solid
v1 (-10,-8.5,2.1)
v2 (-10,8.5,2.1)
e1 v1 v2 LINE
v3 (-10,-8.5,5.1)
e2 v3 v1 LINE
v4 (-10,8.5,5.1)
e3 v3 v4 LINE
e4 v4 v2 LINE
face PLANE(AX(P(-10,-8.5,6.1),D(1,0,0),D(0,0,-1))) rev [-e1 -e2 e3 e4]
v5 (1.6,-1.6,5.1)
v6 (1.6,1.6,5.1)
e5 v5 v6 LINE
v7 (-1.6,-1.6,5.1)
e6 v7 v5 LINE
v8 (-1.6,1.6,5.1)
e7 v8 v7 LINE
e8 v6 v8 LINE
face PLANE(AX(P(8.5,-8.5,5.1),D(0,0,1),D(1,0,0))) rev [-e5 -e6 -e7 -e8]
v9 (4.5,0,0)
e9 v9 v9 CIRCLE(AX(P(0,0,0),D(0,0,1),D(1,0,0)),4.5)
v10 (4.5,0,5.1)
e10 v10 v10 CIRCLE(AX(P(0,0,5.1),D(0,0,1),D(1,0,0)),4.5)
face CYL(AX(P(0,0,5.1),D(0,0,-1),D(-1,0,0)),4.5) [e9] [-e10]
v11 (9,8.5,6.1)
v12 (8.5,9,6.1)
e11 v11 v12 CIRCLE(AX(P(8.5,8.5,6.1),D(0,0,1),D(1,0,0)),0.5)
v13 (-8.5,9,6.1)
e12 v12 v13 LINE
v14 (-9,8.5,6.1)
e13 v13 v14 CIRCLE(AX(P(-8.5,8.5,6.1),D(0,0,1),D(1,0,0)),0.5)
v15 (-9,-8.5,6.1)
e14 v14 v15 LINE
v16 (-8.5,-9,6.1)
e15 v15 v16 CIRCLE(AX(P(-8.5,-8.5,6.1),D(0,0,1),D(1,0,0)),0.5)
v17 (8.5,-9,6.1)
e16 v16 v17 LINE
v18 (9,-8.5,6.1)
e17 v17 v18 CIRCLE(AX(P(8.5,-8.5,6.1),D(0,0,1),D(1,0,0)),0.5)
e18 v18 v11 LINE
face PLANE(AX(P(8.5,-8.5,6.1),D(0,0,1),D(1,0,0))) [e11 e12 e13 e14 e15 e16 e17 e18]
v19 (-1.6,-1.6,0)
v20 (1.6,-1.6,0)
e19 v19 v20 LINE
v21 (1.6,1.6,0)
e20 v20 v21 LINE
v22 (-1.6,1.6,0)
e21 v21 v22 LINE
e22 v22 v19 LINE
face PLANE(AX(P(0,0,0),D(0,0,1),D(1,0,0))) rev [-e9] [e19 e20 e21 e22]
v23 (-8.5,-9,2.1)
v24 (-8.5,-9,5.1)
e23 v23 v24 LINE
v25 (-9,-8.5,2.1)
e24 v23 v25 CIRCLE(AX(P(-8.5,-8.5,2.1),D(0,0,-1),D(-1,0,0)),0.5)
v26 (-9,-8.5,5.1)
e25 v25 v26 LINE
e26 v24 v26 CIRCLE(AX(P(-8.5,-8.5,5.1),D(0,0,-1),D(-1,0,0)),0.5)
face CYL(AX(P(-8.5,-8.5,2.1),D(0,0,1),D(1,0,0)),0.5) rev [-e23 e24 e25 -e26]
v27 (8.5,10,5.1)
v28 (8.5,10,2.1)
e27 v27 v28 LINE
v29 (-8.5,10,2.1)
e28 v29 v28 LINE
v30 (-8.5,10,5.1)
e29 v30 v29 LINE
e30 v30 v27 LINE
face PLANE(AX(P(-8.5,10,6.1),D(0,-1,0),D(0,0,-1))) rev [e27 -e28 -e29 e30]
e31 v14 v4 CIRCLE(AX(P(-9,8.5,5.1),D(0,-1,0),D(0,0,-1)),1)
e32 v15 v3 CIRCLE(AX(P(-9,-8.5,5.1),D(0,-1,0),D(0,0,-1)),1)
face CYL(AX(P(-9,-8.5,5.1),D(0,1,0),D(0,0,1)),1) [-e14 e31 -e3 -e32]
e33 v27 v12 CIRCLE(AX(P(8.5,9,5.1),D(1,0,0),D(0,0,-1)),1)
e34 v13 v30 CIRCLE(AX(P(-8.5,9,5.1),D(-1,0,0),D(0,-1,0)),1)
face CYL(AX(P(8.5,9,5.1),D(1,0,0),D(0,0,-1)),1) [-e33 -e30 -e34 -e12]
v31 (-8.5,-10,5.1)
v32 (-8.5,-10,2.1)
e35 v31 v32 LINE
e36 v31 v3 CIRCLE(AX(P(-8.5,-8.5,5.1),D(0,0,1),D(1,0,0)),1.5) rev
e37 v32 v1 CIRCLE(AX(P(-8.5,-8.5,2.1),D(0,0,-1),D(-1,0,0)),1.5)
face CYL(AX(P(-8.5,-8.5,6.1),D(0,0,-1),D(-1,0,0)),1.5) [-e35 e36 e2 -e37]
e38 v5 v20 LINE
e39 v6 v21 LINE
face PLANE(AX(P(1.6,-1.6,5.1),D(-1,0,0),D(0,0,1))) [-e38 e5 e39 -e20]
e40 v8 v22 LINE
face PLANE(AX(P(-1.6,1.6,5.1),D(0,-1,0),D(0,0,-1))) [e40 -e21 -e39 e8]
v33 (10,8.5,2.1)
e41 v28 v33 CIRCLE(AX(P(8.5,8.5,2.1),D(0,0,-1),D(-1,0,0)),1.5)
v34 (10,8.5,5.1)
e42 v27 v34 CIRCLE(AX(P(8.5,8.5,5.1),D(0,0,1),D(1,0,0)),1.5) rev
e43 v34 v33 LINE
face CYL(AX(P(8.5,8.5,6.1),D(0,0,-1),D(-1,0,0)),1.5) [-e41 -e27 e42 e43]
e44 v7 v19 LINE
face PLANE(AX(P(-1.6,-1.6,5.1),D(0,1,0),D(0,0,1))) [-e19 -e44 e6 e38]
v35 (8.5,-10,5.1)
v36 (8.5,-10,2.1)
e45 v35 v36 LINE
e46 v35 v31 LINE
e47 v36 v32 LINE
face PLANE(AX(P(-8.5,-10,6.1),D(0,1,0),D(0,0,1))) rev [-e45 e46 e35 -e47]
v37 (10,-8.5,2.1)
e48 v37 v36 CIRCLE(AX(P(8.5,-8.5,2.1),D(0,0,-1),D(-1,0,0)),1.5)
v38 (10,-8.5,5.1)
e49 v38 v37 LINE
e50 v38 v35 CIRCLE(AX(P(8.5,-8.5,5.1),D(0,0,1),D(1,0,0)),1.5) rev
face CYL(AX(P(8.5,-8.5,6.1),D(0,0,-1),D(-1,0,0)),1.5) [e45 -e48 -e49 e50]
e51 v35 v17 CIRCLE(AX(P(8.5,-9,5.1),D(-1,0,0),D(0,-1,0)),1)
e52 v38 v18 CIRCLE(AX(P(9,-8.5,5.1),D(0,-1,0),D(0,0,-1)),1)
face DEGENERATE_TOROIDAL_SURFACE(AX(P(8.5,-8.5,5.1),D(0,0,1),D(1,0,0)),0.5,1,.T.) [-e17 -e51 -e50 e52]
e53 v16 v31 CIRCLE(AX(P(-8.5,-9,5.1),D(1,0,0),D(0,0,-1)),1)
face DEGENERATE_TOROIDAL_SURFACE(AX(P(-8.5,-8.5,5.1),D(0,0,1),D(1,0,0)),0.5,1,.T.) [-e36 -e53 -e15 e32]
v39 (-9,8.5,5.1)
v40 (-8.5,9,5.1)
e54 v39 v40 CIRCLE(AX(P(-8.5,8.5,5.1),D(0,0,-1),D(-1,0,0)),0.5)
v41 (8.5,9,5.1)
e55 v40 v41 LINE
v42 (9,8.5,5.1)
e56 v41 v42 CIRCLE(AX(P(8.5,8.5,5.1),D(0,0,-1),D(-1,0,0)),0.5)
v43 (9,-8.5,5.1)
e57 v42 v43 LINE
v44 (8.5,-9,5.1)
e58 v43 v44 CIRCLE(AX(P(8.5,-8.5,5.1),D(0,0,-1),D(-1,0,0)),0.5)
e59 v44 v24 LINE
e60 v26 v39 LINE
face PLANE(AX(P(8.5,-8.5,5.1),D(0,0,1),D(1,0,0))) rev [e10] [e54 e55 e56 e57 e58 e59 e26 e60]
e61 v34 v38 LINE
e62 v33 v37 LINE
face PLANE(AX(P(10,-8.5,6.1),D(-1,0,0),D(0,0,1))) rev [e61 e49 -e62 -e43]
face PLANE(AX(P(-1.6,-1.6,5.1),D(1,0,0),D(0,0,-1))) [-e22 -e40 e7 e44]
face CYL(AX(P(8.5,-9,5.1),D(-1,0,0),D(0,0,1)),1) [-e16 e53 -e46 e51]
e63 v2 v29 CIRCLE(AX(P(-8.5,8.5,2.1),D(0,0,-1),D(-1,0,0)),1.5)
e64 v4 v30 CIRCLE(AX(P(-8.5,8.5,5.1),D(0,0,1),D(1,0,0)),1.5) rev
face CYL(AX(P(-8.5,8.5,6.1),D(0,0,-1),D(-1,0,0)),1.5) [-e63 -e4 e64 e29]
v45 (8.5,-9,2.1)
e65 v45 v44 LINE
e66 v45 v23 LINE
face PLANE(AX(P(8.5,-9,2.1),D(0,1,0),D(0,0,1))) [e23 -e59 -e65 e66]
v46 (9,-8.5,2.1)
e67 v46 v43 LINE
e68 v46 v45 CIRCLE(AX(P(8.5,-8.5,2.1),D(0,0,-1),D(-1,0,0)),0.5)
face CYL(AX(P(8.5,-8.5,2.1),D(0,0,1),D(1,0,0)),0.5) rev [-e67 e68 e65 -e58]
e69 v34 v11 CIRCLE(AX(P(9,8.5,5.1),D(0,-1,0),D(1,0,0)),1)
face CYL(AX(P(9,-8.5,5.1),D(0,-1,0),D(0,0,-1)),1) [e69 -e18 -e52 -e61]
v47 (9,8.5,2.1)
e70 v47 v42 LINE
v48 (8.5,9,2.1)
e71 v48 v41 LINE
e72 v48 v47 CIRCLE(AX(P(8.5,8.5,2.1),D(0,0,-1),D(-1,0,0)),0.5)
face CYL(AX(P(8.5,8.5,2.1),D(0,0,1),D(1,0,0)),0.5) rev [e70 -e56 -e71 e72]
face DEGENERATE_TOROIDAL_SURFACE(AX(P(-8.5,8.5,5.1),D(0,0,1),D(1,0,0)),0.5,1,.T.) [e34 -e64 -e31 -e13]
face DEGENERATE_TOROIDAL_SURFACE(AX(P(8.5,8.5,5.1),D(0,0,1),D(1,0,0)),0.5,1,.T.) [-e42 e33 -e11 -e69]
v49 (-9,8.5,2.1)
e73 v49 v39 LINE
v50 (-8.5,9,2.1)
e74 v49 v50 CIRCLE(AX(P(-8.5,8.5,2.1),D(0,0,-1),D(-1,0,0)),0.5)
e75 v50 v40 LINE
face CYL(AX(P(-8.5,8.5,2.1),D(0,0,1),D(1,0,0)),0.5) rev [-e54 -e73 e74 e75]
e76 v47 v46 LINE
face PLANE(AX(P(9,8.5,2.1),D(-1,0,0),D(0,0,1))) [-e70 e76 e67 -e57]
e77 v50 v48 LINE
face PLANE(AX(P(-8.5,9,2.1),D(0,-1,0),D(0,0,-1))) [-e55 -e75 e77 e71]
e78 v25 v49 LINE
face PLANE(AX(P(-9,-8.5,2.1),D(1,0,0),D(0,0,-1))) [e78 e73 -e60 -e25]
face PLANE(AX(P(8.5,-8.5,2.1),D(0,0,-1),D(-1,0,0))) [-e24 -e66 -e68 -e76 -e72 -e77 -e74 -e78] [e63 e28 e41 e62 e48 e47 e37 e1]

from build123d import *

# Parameters (mm, degrees)
SKETCH1_R           = 4.5
SKETCH1_W           = 3.2
SKETCH1_H           = 3.2
BOSS_EXTRUDE1_DEPTH = 5.1
BOSS_EXTRUDE2_DEPTH = 1
BOSS_EXTRUDE3_START = 3
BOSS_EXTRUDE3_DEPTH = 3
FILLET1_R           = 1


with BuildPart() as part:
    # Sketch1 → Boss-Extrude1 (new body)
    with BuildSketch(Plane.XY):
        Circle(SKETCH1_R)
        Rectangle(SKETCH1_W, SKETCH1_H, mode=Mode.SUBTRACT)
    extrude(amount=BOSS_EXTRUDE1_DEPTH)

    # Sketch2 → Boss-Extrude2 (add)
    with BuildSketch(Plane.XY.offset(5.1)):
        with BuildLine():
            Line((-8.5, -10), (8.5, -10))
            ThreePointArc((8.5, -10), (9.560660172, -9.560660172), (10, -8.5))
            Line((10, -8.5), (10, 8.5))
            ThreePointArc((10, 8.5), (9.560660172, 9.560660172), (8.5, 10))
            Line((8.5, 10), (-8.5, 10))
            ThreePointArc((-8.5, 10), (-9.560660172, 9.560660172), (-10, 8.5))
            Line((-10, 8.5), (-10, -8.5))
            ThreePointArc((-10, -8.5), (-9.560660172, -9.560660172), (-8.5, -10))
        make_face()
    extrude(amount=BOSS_EXTRUDE2_DEPTH)

    # Sketch3 → Boss-Extrude3 (add)
    with BuildSketch(Plane(origin=(0, 0, 5.1), x_dir=(-1, 0, 0), z_dir=(0, 0, -1)).offset(BOSS_EXTRUDE3_START)):
        with BuildLine():
            Line((-8.5, -10), (8.5, -10))
            ThreePointArc((8.5, -10), (9.560660172, -9.560660172), (10, -8.5))
            Line((10, -8.5), (10, 8.5))
            ThreePointArc((10, 8.5), (9.560660172, 9.560660172), (8.5, 10))
            Line((8.5, 10), (-8.5, 10))
            ThreePointArc((-8.5, 10), (-9.560660172, 9.560660172), (-10, 8.5))
            Line((-10, 8.5), (-10, -8.5))
            ThreePointArc((-10, -8.5), (-9.560660172, -9.560660172), (-8.5, -10))
        make_face()
        with BuildLine():
            Line((8.5, 9), (-8.5, 9))
            ThreePointArc((-8.5, 9), (-8.853553391, 8.853553391), (-9, 8.5))
            Line((-9, 8.5), (-9, -8.5))
            ThreePointArc((-9, -8.5), (-8.853553391, -8.853553391), (-8.5, -9))
            Line((-8.5, -9), (8.5, -9))
            ThreePointArc((8.5, -9), (8.853553391, -8.853553391), (9, -8.5))
            Line((9, -8.5), (9, 8.5))
            ThreePointArc((9, 8.5), (8.853553391, 8.853553391), (8.5, 9))
        make_face(mode=Mode.SUBTRACT)
    extrude(amount=-BOSS_EXTRUDE3_DEPTH)

    # Fillet1
    fillet1_edges = [part.edges().sort_by_distance(p)[0] for p in [
        (9.560660172, -9.560660172, 6.1),
        (10, 0, 6.1),
        (9.560660172, 9.560660172, 6.1),
        (0, 10, 6.1),
        (-9.560660172, 9.560660172, 6.1),
        (-10, 0, 6.1),
        (-9.560660172, -9.560660172, 6.1),
        (0, -10, 6.1),
    ]]
    fillet(fillet1_edges, radius=FILLET1_R)


solid = part.part
